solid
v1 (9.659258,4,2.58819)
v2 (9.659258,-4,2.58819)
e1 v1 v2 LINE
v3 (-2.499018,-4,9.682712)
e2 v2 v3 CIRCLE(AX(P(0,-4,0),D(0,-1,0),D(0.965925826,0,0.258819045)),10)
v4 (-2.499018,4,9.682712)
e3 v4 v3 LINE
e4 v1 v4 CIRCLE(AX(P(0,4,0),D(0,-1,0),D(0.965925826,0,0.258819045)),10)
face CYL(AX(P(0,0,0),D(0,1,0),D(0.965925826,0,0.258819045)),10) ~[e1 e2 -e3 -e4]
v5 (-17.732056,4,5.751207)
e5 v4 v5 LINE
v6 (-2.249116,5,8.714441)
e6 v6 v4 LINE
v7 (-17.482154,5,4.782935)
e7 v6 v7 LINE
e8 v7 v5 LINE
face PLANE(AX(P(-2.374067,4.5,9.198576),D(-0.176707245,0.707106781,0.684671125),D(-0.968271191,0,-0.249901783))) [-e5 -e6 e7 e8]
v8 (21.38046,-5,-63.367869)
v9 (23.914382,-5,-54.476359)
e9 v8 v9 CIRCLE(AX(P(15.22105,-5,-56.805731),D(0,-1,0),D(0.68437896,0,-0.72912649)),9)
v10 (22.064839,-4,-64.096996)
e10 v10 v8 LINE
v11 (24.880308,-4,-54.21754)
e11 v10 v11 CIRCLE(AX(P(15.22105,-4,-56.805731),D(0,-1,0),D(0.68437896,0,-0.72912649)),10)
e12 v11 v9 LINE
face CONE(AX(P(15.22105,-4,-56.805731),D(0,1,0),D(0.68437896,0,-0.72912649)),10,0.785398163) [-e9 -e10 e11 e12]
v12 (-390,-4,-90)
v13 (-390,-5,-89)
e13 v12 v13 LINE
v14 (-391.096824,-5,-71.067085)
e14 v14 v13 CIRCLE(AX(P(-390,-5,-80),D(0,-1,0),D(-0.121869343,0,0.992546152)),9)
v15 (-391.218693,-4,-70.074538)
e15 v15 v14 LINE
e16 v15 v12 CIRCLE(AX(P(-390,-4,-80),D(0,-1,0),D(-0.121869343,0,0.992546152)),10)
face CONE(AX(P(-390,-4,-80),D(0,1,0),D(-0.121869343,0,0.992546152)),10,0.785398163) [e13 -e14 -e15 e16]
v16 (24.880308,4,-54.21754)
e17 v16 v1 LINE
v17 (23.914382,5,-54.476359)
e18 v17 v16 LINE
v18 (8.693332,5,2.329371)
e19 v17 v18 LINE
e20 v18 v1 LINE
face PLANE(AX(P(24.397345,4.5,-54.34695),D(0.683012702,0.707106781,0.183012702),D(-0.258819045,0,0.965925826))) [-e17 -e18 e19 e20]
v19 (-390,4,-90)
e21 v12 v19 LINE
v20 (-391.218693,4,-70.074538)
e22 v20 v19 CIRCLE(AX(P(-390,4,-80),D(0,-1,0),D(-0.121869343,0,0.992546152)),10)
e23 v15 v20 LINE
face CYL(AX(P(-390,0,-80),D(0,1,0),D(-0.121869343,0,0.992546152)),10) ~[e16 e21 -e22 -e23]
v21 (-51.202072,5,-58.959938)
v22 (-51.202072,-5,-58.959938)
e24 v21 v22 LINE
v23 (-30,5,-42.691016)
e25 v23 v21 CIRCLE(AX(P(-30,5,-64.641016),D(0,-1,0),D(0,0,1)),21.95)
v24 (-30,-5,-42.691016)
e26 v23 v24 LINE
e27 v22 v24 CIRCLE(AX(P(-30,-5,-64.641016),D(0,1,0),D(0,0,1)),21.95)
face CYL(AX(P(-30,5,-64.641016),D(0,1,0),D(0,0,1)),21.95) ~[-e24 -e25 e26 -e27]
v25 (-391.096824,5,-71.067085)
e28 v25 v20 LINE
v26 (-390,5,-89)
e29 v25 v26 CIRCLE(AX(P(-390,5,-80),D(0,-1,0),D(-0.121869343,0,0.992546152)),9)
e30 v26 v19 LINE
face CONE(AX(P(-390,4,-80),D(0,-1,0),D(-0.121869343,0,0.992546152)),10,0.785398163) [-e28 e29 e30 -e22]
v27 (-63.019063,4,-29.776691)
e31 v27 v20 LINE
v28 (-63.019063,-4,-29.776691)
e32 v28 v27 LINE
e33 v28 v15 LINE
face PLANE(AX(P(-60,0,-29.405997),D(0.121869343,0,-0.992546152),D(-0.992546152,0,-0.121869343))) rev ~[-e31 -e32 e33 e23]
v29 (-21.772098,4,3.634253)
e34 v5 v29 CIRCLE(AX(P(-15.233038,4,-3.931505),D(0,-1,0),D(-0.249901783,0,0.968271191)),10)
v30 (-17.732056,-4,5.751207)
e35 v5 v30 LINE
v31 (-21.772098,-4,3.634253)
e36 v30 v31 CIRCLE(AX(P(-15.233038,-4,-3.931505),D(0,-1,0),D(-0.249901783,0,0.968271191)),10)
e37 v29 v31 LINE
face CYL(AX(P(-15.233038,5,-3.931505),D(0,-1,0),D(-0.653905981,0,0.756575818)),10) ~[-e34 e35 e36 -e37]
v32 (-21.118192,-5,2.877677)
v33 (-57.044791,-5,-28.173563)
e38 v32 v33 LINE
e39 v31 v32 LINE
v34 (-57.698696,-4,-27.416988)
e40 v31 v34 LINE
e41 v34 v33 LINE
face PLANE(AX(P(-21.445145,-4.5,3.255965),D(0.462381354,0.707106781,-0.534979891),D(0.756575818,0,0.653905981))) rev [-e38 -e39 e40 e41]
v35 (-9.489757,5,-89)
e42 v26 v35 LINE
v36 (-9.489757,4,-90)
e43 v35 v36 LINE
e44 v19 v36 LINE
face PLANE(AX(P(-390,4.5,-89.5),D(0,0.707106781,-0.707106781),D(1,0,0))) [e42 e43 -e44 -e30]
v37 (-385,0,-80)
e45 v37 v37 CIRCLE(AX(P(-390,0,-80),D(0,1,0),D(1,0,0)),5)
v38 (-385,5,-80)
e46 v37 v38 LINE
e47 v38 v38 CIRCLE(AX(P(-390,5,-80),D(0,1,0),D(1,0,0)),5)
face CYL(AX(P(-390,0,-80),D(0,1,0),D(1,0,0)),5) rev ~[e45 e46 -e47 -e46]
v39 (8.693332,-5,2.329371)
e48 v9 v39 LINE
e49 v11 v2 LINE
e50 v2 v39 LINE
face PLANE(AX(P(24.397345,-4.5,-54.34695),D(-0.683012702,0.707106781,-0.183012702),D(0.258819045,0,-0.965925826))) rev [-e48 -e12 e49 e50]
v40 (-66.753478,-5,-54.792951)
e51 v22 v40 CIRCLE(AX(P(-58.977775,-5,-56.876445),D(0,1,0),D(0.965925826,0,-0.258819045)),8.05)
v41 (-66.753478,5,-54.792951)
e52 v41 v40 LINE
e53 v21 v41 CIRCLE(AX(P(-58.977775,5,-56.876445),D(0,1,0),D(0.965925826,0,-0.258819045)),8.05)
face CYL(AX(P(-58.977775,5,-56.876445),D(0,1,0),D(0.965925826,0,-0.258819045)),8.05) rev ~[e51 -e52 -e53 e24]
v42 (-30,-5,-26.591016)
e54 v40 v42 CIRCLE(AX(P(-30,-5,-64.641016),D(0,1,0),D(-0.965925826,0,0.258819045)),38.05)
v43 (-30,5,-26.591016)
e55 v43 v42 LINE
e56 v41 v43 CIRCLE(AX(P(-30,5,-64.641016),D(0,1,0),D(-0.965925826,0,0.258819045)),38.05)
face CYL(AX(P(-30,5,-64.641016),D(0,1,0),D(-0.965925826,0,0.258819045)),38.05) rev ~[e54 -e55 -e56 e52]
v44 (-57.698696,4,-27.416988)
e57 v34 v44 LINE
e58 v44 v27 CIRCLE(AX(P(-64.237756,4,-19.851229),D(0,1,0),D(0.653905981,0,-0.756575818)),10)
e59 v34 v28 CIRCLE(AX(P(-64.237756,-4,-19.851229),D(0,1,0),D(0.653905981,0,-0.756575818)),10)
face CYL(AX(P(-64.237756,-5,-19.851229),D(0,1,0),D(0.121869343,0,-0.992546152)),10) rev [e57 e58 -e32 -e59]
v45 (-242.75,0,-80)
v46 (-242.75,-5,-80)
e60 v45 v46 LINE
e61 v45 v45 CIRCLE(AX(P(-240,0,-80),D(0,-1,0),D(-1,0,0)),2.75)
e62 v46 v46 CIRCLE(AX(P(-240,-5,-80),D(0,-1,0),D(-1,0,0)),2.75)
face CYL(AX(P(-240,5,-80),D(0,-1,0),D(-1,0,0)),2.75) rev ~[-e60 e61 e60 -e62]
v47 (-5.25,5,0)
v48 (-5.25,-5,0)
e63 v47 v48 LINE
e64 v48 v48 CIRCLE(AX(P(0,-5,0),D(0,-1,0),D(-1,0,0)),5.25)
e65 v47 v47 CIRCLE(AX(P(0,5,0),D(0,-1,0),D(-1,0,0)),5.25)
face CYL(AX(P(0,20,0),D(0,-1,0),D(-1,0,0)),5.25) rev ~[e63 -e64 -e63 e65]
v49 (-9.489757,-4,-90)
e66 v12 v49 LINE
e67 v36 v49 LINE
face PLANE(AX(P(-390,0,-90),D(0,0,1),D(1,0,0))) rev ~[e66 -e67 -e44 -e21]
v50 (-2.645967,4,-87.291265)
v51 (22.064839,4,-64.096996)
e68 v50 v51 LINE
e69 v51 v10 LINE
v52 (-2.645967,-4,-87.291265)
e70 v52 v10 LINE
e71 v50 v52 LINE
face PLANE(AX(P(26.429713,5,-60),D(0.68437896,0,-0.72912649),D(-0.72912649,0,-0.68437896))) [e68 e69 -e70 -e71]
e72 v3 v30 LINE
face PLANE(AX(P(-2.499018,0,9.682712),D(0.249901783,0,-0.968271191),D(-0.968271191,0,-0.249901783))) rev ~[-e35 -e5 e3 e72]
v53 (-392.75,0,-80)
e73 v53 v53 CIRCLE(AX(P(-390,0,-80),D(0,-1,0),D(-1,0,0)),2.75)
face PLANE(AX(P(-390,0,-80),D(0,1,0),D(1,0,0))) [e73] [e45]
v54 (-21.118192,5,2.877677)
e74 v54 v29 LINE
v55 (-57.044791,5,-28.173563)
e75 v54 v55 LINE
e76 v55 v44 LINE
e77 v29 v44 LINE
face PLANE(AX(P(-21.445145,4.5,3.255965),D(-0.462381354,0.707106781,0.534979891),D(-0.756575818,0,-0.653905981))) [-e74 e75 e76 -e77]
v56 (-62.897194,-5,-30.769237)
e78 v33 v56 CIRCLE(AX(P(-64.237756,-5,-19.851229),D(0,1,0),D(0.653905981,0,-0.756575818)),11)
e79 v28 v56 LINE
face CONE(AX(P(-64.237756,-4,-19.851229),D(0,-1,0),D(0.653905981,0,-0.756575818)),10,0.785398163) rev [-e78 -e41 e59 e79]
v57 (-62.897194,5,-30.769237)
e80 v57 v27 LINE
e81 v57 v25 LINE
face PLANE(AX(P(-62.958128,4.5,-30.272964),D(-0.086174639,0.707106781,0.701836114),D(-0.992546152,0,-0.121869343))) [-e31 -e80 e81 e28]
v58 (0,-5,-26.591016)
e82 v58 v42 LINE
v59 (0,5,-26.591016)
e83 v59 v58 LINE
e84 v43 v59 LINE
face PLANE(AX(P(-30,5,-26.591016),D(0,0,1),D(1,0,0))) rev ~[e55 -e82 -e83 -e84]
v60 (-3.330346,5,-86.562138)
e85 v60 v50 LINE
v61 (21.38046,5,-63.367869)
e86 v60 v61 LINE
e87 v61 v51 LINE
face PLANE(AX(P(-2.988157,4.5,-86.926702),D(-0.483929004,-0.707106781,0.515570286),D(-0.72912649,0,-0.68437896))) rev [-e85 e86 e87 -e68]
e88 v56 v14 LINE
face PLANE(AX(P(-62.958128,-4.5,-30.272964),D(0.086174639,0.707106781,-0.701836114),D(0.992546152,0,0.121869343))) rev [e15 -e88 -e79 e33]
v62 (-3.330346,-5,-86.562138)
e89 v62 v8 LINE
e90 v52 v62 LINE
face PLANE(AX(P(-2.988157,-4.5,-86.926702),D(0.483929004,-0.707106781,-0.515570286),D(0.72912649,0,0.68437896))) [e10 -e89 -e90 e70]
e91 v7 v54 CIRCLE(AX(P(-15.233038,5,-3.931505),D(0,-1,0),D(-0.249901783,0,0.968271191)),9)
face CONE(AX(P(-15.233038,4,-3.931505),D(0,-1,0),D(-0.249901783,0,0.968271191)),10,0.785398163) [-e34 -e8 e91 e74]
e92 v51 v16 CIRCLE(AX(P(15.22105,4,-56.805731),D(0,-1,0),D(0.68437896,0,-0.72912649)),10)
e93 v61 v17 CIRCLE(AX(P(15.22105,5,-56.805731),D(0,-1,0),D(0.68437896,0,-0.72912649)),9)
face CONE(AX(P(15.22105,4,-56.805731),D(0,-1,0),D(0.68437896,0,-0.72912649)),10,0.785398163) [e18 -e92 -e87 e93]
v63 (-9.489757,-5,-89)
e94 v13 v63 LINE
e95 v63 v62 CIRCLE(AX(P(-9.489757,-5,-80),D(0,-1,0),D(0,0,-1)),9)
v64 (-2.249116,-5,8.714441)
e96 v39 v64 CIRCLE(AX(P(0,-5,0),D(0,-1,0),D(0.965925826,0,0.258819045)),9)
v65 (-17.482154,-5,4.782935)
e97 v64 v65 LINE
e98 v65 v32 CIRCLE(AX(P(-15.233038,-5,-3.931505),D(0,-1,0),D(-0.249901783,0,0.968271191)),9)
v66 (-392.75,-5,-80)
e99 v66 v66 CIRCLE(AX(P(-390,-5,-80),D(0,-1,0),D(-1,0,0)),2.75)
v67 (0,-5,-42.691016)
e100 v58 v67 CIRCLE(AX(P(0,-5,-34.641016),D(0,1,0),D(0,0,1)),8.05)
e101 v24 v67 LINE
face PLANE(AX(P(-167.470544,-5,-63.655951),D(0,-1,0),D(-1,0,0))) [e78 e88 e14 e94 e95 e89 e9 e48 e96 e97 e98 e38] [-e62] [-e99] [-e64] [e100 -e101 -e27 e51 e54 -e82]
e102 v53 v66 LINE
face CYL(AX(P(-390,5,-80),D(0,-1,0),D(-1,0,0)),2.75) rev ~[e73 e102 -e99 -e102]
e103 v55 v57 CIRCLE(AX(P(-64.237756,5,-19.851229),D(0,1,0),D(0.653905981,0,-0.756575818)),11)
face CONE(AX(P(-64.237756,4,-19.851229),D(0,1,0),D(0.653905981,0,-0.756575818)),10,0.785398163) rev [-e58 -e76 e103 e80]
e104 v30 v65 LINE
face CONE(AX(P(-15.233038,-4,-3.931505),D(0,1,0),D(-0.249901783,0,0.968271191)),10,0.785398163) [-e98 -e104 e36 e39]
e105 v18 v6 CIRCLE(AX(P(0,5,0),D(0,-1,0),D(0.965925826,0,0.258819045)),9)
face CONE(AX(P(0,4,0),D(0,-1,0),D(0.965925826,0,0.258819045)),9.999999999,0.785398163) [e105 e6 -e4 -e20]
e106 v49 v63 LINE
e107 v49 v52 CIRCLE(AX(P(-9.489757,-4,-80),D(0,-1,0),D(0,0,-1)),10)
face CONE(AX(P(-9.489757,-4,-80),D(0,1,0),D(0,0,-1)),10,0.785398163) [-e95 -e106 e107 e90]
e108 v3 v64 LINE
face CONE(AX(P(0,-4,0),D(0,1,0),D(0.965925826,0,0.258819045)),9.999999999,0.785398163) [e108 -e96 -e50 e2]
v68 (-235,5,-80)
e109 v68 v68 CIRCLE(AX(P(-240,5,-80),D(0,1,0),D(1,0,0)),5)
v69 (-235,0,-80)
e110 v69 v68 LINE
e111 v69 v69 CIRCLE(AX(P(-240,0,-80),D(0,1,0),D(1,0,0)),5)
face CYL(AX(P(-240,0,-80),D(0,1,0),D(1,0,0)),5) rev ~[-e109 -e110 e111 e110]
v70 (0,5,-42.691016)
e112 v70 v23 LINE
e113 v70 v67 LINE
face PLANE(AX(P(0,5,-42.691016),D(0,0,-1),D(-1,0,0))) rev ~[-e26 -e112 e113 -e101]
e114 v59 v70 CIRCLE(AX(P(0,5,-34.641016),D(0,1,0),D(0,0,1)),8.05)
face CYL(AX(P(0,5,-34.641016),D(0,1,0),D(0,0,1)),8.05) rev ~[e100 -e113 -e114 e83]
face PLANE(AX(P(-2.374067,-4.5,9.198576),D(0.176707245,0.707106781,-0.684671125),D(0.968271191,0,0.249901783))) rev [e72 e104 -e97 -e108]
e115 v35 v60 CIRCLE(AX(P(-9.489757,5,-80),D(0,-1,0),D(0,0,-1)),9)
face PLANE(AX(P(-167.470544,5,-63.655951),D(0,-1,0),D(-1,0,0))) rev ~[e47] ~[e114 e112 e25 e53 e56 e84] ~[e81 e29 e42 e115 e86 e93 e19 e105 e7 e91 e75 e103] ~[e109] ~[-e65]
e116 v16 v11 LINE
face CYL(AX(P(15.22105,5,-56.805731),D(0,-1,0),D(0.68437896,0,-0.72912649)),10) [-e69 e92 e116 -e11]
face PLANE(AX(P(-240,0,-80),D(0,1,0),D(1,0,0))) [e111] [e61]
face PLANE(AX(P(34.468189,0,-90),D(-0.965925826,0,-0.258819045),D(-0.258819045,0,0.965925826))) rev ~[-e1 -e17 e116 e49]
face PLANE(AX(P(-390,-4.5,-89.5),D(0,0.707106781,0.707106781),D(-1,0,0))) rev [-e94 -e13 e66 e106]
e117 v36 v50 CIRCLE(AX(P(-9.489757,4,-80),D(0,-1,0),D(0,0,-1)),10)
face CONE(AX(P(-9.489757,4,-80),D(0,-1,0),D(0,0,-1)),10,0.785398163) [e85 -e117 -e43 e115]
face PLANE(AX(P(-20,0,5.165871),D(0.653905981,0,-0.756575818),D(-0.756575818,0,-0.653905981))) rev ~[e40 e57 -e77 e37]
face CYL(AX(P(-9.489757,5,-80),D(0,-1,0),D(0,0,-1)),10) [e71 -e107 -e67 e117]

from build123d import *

# Parameters (mm, degrees)
BOSS_EXTRUDE1_DEPTH              = 5
SLOT_DEPTH                       = 11
F_10_5_10_5_DIAMETER_HOLE1_D     = 10.5
F_10_5_10_5_DIAMETER_HOLE1_DEPTH = 15
F_10_5_10_5_DIAMETER_HOLE1_TIP   = 3.15451825
CBORE_FOR_M5_SHCS1_D             = 5.5
CBORE_FOR_M5_SHCS1_DEPTH         = 15
CBORE_FOR_M5_SHCS1_CBORE_D       = 10
CBORE_FOR_M5_SHCS1_CBORE_DEPTH   = 5
CBORE_FOR_M5_SHCS1_TIP           = 1.652366702
CUT_EXTRUDE3_DEPTH               = 11
FILLET1_R                        = 10
CHAMFER1_SIZE                    = 1


with BuildPart() as part:
    # Sketch1 → Boss-Extrude1 (new body, symmetric)
    with BuildSketch(Plane(origin=(0, 0, 0), x_dir=(1, 0, 0), z_dir=(0, 1, 0))):
        with BuildLine():
            Line((-390, 90), (34.468189123, 90))
            Line((34.468189123, 90), (9.659258263, -2.588190451))
            ThreePointArc((9.659258263, -2.588190451), (5.03987296, -8.63711066), (-2.499017827, -9.682711908))
            Line((-2.499017827, -9.682711908), (-20, -5.16587129))
            Line((-20, -5.16587129), (-60, 29.405996647))
            Line((-60, 29.405996647), (-391.218693434, 70.074538484))
            ThreePointArc((-391.218693434, 70.074538484), (-399.981347984, 80.610485395), (-390, 90))
        make_face()
    extrude(amount=BOSS_EXTRUDE1_DEPTH, both=True)

    # Sketch4 → Slot (cut, through all)
    with BuildSketch(Plane(origin=(0, 5, 0), x_dir=(1, 0, 0), z_dir=(0, 1, 0))):
        with BuildLine():
            Line((-30, 26.591016), (0, 26.591016))
            ThreePointArc((0, 26.591016), (8.05, 34.641016), (0, 42.691016))
            Line((0, 42.691016), (-30, 42.691016))
            ThreePointArc((-30, 42.691016), (-43.362313367, 47.226910181), (-51.202071887, 58.95993796))
            ThreePointArc((-51.202071887, 58.95993796), (-61.061268102, 64.652147549), (-66.75347769, 54.792951334))
            ThreePointArc((-66.75347769, 54.792951334), (-53.163372374, 34.453921402), (-30, 26.591016))
        make_face()
    extrude(amount=-SLOT_DEPTH, mode=Mode.SUBTRACT)

    # Ø10.5 (10.5) Diameter Hole1
    with Locations(Plane(origin=(0, 5, 0), x_dir=(1, 0, 0), z_dir=(0, 1, 0))):
        with Locations((0, 0)):
            Hole(F_10_5_10_5_DIAMETER_HOLE1_D / 2, depth=F_10_5_10_5_DIAMETER_HOLE1_DEPTH)
            with Locations((0, 0, -(F_10_5_10_5_DIAMETER_HOLE1_DEPTH + F_10_5_10_5_DIAMETER_HOLE1_TIP / 2))):  # 118° drill point
                Cone(0, F_10_5_10_5_DIAMETER_HOLE1_D / 2, F_10_5_10_5_DIAMETER_HOLE1_TIP, mode=Mode.SUBTRACT)

    # CBORE for M5 SHCS1
    with Locations(Plane(origin=(0, 5, 0), x_dir=(1, 0, 0), z_dir=(0, 1, 0))):
        with Locations((-390, 80), (-240, 80)):
            CounterBoreHole(CBORE_FOR_M5_SHCS1_D / 2, CBORE_FOR_M5_SHCS1_CBORE_D / 2, CBORE_FOR_M5_SHCS1_CBORE_DEPTH, depth=CBORE_FOR_M5_SHCS1_DEPTH)
            with Locations((0, 0, -(CBORE_FOR_M5_SHCS1_DEPTH + CBORE_FOR_M5_SHCS1_TIP / 2))):  # 118° drill point
                Cone(0, CBORE_FOR_M5_SHCS1_D / 2, CBORE_FOR_M5_SHCS1_TIP, mode=Mode.SUBTRACT)

    # Sketch13 → Cut-Extrude3 (cut, through all)
    with BuildSketch(Plane(origin=(0, 5, 0), x_dir=(1, 0, 0), z_dir=(0, 1, 0))):
        Polygon((-5.531810877, 90), (34.468189123, 90), (26.42971335, 60), align=None)
    extrude(amount=-CUT_EXTRUDE3_DEPTH, mode=Mode.SUBTRACT)

    # Fillet1
    fillet1_edges = [part.edges().sort_by_distance(p)[0] for p in [
        (-20, 0, 5.16587129),
        (-60, 0, -29.405996647),
        (26.42971335, 0, -60),
        (-5.531810877, 0, -90),
    ]]
    fillet(fillet1_edges, radius=FILLET1_R)

    # Chamfer1
    chamfer1_edges = [part.edges().sort_by_distance(p)[0] for p in [
        (-399.981347984, -5, -80.610485395),
        (5.03987296, 5, 8.63711066),
        (17.26978309, 5, -25.814674877),
        (-399.981347984, 5, -80.610485395),
        (9.709435896, 5, -75.694130232),
        (9.709435896, -5, -75.694130232),
        (-199.744878532, 5, -90),
        (-39.735397279, 5, -11.891367421),
        (17.26978309, -5, -25.814674877),
        (-10.11553696, 5, 7.716959206),
        (-19.874383451, 5, 4.92614185),
        (24.83814676, 5, -59.546431893),
        (-5.80958377, 5, -89.298189314),
        (-199.744878532, -5, -90),
        (-10.11553696, -5, 7.716959206),
        (5.03987296, -5, 8.63711066),
        (-39.735397279, -5, -11.891367421),
        (-19.874383451, -5, 4.92614185),
        (24.83814676, -5, -59.546431893),
        (-5.80958377, -5, -89.298189314),
        (-60.183408772, -5, -28.992469299),
        (-227.118878147, 5, -49.925614719),
        (-60.183408772, 5, -28.992469299),
        (-227.118878147, -5, -49.925614719),
    ]]
    chamfer(chamfer1_edges, length=CHAMFER1_SIZE)


solid = part.part
